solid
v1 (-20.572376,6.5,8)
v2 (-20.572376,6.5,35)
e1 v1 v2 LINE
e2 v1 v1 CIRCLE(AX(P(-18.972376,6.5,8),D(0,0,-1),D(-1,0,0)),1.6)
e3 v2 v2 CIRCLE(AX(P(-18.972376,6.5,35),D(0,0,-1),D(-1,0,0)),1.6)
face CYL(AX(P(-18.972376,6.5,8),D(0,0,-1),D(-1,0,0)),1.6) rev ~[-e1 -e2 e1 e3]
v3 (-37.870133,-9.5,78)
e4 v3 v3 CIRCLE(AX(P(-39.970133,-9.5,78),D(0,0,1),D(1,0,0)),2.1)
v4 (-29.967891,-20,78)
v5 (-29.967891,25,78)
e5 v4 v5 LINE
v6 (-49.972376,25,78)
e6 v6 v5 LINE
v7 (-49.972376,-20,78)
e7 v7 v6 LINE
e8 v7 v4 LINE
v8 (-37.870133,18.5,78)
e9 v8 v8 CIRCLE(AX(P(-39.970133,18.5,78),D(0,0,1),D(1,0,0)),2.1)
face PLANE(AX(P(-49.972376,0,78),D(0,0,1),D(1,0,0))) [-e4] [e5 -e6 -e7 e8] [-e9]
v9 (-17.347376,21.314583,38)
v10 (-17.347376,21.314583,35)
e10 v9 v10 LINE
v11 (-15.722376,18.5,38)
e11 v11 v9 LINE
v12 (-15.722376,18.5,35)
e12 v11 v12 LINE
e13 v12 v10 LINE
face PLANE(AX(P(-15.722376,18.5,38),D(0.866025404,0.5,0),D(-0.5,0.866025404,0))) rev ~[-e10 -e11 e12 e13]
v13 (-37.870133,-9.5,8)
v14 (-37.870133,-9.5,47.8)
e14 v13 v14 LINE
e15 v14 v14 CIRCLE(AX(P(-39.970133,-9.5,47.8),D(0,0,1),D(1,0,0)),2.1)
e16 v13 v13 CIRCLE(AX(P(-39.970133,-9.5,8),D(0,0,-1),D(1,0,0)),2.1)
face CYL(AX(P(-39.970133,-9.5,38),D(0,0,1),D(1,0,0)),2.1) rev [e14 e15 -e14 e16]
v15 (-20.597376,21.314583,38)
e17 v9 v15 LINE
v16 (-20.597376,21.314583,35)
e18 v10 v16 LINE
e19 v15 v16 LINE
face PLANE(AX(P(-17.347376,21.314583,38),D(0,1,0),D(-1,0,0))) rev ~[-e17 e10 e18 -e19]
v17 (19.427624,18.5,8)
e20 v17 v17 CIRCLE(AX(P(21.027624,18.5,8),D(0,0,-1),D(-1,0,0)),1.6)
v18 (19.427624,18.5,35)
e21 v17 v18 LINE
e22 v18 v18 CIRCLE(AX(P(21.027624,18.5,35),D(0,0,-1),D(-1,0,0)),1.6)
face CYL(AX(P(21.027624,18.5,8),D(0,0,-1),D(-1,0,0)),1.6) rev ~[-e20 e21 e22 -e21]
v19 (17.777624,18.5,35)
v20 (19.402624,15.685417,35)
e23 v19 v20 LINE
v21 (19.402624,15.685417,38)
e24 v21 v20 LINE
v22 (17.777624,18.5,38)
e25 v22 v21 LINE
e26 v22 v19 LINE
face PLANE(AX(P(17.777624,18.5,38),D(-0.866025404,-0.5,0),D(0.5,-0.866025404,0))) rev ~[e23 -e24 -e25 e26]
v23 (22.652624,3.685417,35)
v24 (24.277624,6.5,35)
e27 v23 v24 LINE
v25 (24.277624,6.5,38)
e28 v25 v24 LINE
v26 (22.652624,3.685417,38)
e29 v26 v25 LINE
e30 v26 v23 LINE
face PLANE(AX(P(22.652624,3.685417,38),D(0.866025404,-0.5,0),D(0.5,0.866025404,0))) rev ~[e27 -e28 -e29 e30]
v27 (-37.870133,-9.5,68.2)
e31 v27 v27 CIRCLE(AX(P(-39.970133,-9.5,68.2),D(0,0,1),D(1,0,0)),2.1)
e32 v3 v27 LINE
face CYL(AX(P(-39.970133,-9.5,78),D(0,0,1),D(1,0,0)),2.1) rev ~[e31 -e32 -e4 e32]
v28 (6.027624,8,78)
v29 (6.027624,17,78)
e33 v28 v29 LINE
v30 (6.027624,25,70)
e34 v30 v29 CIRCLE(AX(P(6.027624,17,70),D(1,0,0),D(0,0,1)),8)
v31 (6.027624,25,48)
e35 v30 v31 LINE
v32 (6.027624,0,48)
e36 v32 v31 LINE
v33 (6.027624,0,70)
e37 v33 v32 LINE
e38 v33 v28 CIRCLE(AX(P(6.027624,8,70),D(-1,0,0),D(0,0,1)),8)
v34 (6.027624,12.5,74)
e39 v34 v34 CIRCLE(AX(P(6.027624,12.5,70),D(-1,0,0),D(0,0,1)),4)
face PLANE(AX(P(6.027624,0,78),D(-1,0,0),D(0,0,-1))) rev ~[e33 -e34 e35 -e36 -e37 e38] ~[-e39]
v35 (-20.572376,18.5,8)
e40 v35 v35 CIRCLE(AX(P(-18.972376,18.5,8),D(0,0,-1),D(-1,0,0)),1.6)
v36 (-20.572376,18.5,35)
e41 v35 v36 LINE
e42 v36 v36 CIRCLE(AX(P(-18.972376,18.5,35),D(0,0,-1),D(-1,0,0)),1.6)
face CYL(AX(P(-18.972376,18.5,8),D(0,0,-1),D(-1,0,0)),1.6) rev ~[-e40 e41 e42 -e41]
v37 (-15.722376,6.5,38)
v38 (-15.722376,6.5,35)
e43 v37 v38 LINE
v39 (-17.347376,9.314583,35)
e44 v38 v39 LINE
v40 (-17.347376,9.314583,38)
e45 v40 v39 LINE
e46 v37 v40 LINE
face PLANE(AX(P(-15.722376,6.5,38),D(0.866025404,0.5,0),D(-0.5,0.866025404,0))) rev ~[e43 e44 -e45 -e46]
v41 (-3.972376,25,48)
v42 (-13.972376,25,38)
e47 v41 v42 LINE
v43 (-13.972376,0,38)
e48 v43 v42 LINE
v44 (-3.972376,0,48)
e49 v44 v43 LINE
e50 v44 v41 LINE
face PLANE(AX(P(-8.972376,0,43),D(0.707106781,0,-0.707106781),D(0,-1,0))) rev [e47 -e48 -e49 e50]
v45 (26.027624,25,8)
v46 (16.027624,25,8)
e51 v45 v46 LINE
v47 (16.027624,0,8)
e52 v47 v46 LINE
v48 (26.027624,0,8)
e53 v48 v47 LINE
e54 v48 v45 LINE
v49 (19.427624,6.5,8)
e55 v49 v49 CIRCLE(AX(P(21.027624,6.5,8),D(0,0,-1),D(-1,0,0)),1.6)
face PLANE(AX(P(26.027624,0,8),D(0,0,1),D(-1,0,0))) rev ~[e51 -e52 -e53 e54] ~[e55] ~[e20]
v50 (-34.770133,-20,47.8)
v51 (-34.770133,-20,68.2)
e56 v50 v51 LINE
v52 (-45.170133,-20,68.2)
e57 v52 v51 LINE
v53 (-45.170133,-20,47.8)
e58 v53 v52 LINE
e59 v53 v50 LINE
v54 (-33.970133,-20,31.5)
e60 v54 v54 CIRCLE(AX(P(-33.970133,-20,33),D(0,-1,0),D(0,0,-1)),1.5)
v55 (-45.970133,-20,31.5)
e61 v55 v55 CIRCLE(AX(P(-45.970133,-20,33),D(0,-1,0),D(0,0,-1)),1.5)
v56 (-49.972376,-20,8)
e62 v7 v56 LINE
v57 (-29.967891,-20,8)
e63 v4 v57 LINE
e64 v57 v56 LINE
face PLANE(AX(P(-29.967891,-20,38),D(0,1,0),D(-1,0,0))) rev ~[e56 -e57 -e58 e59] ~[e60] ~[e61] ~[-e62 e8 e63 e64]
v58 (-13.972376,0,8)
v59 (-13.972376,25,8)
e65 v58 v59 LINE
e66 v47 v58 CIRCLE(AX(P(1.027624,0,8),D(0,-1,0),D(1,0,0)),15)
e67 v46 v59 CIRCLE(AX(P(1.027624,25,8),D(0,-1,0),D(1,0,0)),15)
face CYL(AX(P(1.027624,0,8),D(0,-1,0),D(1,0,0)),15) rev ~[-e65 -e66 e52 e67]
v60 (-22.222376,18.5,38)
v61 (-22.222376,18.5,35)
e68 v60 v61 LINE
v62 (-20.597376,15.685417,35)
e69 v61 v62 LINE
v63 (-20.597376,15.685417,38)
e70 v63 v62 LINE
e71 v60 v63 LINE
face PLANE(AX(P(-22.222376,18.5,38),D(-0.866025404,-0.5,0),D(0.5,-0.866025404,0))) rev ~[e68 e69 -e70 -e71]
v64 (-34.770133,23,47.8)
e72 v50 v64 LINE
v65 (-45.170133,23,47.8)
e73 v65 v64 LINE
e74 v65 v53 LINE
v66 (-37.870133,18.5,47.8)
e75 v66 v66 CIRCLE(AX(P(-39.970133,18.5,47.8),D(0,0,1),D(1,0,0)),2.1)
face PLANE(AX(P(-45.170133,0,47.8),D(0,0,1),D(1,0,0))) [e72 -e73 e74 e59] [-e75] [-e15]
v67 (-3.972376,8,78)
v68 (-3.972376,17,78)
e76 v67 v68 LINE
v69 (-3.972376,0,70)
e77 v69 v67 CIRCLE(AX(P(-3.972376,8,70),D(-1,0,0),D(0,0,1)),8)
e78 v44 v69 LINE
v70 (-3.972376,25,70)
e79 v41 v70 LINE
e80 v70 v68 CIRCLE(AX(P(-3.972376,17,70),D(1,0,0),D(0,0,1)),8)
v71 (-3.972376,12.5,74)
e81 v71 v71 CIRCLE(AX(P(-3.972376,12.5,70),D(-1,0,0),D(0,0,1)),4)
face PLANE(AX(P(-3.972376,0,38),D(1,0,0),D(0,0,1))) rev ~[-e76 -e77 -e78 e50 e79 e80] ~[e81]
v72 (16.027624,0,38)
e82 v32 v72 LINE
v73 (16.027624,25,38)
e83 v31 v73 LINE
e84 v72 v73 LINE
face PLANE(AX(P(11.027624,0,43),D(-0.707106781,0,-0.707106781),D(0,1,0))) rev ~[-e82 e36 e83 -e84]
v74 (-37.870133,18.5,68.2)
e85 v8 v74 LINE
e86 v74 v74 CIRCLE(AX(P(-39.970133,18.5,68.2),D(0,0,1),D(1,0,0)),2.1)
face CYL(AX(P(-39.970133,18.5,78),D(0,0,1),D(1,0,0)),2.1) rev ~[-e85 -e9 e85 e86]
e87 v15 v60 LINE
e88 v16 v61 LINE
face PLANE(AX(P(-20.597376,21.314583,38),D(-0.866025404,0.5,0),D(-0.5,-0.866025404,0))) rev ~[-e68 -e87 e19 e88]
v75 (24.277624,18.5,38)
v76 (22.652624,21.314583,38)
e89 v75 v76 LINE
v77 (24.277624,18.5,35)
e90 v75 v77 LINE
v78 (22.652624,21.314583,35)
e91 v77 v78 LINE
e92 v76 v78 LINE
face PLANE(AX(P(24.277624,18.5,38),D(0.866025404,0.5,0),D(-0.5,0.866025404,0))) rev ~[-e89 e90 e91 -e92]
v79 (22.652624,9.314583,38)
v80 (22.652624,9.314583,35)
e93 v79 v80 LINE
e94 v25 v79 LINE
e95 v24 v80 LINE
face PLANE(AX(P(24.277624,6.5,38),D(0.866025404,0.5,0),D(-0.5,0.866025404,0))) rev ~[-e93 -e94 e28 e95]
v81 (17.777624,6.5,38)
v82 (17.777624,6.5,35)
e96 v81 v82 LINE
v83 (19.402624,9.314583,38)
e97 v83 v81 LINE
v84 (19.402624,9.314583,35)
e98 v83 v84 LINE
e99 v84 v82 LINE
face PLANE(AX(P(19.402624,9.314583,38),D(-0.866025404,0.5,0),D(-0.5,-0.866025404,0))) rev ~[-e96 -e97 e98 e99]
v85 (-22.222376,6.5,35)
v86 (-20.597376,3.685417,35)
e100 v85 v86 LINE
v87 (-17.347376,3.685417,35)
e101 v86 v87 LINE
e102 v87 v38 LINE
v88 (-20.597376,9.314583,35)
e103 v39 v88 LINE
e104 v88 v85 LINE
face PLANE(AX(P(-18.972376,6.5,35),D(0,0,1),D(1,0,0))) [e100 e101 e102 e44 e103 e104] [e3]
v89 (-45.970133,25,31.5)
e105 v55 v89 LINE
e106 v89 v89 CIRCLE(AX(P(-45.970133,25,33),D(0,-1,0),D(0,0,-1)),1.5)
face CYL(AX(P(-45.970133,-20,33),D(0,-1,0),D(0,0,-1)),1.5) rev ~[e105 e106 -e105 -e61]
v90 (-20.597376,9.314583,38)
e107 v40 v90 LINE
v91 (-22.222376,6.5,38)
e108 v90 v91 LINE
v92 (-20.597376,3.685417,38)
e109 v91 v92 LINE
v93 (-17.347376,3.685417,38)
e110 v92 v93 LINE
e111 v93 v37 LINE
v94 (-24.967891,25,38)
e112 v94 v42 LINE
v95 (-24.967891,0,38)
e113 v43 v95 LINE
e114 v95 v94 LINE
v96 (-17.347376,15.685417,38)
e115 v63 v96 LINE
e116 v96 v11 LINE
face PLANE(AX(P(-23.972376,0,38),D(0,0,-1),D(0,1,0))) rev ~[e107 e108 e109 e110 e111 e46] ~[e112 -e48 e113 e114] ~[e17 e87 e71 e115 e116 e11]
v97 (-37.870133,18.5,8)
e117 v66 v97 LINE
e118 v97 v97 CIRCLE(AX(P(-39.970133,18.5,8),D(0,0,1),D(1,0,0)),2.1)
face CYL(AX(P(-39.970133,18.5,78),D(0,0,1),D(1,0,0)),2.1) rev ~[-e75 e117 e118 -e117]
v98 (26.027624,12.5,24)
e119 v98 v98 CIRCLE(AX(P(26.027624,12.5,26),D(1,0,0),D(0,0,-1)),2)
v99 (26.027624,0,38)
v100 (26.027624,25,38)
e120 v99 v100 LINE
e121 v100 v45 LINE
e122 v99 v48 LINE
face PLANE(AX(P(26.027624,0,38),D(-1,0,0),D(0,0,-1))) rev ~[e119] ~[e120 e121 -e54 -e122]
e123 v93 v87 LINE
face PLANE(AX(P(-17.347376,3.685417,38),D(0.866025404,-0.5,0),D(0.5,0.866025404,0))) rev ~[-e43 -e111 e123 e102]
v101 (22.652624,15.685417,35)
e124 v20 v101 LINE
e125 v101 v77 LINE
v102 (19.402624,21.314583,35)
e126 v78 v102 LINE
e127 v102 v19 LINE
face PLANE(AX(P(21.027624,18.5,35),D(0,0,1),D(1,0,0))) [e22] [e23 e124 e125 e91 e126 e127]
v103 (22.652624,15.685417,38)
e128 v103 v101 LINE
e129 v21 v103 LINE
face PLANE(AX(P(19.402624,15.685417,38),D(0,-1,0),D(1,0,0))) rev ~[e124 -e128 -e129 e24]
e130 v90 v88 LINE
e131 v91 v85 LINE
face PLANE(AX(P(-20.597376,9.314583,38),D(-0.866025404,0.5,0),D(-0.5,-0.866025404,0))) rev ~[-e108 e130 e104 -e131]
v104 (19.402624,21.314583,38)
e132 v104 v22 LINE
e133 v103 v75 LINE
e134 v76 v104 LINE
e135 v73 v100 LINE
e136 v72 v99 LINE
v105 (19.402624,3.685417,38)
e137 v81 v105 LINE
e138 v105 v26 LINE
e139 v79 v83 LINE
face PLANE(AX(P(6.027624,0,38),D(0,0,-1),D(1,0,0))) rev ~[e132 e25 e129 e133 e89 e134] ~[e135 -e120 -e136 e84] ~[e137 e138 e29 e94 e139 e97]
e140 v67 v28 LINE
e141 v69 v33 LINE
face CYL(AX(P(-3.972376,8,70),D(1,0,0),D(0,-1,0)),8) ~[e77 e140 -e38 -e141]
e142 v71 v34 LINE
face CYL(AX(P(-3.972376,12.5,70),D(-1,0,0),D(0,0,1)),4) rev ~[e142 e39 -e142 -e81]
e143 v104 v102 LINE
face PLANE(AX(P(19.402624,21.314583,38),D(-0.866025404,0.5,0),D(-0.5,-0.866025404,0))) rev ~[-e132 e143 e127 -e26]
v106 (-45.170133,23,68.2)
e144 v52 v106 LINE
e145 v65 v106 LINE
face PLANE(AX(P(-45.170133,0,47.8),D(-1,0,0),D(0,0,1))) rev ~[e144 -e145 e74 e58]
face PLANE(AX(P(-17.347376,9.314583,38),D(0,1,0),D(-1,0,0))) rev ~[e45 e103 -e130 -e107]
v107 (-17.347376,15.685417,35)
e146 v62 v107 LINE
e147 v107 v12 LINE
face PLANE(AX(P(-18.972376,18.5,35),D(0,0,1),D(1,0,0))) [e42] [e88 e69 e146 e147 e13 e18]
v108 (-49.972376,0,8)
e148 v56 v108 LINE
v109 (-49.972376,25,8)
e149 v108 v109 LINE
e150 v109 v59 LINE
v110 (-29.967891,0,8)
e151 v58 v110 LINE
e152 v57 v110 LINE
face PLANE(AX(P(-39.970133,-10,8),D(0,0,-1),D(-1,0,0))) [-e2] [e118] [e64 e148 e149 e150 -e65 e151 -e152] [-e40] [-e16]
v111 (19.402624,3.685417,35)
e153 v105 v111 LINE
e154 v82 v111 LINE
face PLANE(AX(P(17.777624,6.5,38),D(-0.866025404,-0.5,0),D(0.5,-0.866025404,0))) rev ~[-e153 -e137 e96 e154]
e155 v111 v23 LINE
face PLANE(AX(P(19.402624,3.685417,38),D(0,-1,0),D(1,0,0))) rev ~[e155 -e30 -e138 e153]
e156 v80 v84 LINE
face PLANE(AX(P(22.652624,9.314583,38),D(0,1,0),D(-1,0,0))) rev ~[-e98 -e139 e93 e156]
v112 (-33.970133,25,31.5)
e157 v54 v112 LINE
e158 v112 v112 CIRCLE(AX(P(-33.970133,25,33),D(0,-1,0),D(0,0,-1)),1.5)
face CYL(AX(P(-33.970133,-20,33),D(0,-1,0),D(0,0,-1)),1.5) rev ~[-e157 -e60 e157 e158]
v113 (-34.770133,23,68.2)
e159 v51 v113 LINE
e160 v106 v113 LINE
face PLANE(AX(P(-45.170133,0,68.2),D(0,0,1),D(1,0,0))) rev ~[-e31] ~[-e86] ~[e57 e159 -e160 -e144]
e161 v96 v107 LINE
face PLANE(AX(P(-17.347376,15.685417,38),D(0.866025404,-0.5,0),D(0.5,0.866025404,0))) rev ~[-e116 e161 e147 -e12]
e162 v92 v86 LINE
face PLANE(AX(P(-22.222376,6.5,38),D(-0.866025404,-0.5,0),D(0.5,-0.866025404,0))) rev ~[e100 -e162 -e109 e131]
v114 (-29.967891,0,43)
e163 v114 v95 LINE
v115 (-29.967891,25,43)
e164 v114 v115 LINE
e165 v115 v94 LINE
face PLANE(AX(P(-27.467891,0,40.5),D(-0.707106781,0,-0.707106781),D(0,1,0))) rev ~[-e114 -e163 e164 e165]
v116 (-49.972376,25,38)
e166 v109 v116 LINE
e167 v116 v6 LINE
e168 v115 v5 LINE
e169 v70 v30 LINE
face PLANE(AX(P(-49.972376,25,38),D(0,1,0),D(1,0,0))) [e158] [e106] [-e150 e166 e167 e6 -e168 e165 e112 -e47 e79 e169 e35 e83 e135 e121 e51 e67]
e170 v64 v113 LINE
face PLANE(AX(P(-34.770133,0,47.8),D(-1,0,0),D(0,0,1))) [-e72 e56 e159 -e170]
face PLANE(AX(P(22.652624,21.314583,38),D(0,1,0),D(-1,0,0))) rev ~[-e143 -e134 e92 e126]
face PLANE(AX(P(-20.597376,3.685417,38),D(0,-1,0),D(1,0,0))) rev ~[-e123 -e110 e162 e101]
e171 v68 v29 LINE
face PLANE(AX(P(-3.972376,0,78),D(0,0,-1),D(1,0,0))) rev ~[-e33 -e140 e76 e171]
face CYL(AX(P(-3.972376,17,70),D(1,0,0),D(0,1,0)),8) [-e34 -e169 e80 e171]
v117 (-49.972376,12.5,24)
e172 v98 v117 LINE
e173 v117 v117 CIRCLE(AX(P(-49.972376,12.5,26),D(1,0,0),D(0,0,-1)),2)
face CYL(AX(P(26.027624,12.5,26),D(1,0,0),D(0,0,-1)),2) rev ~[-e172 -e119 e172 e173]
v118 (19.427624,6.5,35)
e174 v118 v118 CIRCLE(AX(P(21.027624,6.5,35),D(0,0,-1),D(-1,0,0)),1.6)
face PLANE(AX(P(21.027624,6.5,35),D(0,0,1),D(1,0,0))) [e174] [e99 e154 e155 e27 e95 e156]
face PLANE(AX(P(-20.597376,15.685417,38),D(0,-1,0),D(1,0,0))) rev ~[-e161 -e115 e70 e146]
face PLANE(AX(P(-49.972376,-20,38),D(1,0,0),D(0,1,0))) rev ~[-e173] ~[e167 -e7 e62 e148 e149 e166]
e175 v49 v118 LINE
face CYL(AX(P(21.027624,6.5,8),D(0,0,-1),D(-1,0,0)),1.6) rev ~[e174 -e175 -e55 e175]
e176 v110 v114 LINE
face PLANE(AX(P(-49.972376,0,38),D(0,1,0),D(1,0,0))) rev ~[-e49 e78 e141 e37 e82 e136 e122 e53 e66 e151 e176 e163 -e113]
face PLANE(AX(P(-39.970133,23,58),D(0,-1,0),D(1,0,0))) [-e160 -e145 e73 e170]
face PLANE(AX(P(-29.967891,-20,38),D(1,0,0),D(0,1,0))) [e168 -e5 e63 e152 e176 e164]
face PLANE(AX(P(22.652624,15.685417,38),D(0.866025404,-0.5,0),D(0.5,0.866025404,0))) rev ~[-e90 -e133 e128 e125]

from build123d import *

# Parameters (mm, degrees)
BOSS_EXTRUDE1_DEPTH = 25
SKETCH2_R           = 4
CUT_EXTRUDE1_DEPTH  = 88.229582138
SKETCH3_R           = 1.6
CUT_EXTRUDE2_DEPTH  = 79.755553628
CUT_EXTRUDE3_DEPTH  = 3
FILLET2_R           = 8
CHAMFER2_SIZE       = 10
SKETCH5_W           = 30
SKETCH5_H           = 25
BOSS_EXTRUDE2_DEPTH = 26
SKETCH6_W           = 20.004484435
SKETCH6_H           = 25
BOSS_EXTRUDE3_DEPTH = 40
SKETCH7_W           = 10.4
SKETCH7_H           = 20.4
CUT_EXTRUDE4_DEPTH  = 23
SKETCH9_W           = 20.004484435
SKETCH9_H           = 40
SKETCH9_W_2         = 10.4
SKETCH9_H_2         = 20.4
BOSS_EXTRUDE4_DEPTH = 20
SKETCH10_R          = 2.1
CUT_EXTRUDE6_DEPTH  = 90.566948883
CHAMFER5_SIZE       = 5
SKETCH11_R          = 2
CUT_EXTRUDE7_DEPTH  = 112.736296699
SKETCH12_W          = 20.004484435
SKETCH12_H          = 20
SKETCH12_R          = 2.1
BOSS_EXTRUDE5_DEPTH = 30
SKETCH13_R          = 1.5
CUT_EXTRUDE8_DEPTH  = 103.986592973


with BuildPart() as part:
    # Sketch1 → Boss-Extrude1 (new body)
    with BuildSketch(Plane(origin=(0, 0, 0), x_dir=(1, 0, 0), z_dir=(0, 1, 0))):
        with BuildLine():
            Line((-13.972375691, -8), (-23.972375691, -8))
            Line((-23.972375691, -8), (-23.972375691, -38))
            Line((-23.972375691, -38), (-3.972375691, -38))
            Line((-3.972375691, -38), (-3.972375691, -78))
            Line((-3.972375691, -78), (6.027624309, -78))
            Line((6.027624309, -78), (6.027624309, -38))
            Line((6.027624309, -38), (26.027624309, -38))
            Line((26.027624309, -38), (26.027624309, -8))
            Line((26.027624309, -8), (16.027624309, -8))
            ThreePointArc((16.027624309, -8), (1.027624309, -23), (-13.972375691, -8))
        make_face()
    extrude(amount=BOSS_EXTRUDE1_DEPTH)

    # Sketch2 → Cut-Extrude1 (cut, through all)
    with BuildSketch(Plane.ZY.offset(3.972375691)):
        with Locations((70, 12.5)):
            Circle(SKETCH2_R)
    extrude(amount=-CUT_EXTRUDE1_DEPTH, mode=Mode.SUBTRACT)

    # Sketch3 → Cut-Extrude2 (cut, through all)
    with BuildSketch(Plane(origin=(0, 0, 8), x_dir=(-1, 0, 0), z_dir=(0, 0, -1))):
        with Locations((-21.027624309, 6.5)):
            Circle(SKETCH3_R)
        with Locations((-21.027624309, 18.5)):
            Circle(SKETCH3_R)
        with Locations((18.972375691, 6.5)):
            Circle(SKETCH3_R)
        with Locations((18.972375691, 18.5)):
            Circle(SKETCH3_R)
    extrude(amount=-CUT_EXTRUDE2_DEPTH, mode=Mode.SUBTRACT)

    # Sketch4 → Cut-Extrude3 (cut)
    with BuildSketch(Plane.XY.offset(38)):
        Polygon((24.277624309, 18.5), (22.652624309, 21.314582562), (19.402624309, 21.314582562), (17.777624309, 18.5), (19.402624309, 15.685417438), (22.652624309, 15.685417438), align=None)
        Polygon((24.277624309, 6.5), (22.652624309, 9.314582562), (19.402624309, 9.314582562), (17.777624309, 6.5), (19.402624309, 3.685417438), (22.652624309, 3.685417438), align=None)
        Polygon((-15.722375691, 18.5), (-17.347375691, 21.314582562), (-20.597375691, 21.314582562), (-22.222375691, 18.5), (-20.597375691, 15.685417438), (-17.347375691, 15.685417438), align=None)
        Polygon((-15.722375691, 6.5), (-17.347375691, 9.314582562), (-20.597375691, 9.314582562), (-22.222375691, 6.5), (-20.597375691, 3.685417438), (-17.347375691, 3.685417438), align=None)
    extrude(amount=-CUT_EXTRUDE3_DEPTH, mode=Mode.SUBTRACT)

    # Fillet2
    fillet2_edges = [part.edges().sort_by_distance(p)[0] for p in [
        (1.027624309, 0, 78),
        (1.027624309, 25, 78),
    ]]
    fillet(fillet2_edges, radius=FILLET2_R)

    # Chamfer2
    chamfer2_edges = [part.edges().sort_by_distance(p)[0] for p in [
        (6.027624309, 12.5, 38),
        (-3.972375691, 12.5, 38),
    ]]
    chamfer(chamfer2_edges, length=CHAMFER2_SIZE)

    # Sketch5 → Boss-Extrude2 (add)
    with BuildSketch(Plane.ZY.offset(23.972375691)):
        with Locations((23, 12.5)):
            Rectangle(SKETCH5_W, SKETCH5_H)
    extrude(amount=BOSS_EXTRUDE2_DEPTH)

    # Sketch6 → Boss-Extrude3 (add)
    with BuildSketch(Plane.XY.offset(38)):
        with Locations((-39.970133473, 12.5)):
            Rectangle(SKETCH6_W, SKETCH6_H)
    extrude(amount=BOSS_EXTRUDE3_DEPTH)

    # Sketch7 → Cut-Extrude4 (cut)
    with BuildSketch(Plane.XZ):
        with Locations((-39.970133474, 58)):
            Rectangle(SKETCH7_W, SKETCH7_H)
    extrude(amount=-CUT_EXTRUDE4_DEPTH, mode=Mode.SUBTRACT)

    # Sketch9 → Boss-Extrude4 (add)
    with BuildSketch(Plane.XZ):
        with Locations((-39.970133473, 58)):
            Rectangle(SKETCH9_W, SKETCH9_H)
        with Locations((-39.970133474, 58)):
            Rectangle(SKETCH9_W_2, SKETCH9_H_2, mode=Mode.SUBTRACT)
    extrude(amount=BOSS_EXTRUDE4_DEPTH)

    # Sketch10 → Cut-Extrude6 (cut, through all)
    with BuildSketch(Plane.XY.offset(78)):
        with Locations((-39.970133474, -9.5)):
            Circle(SKETCH10_R)
        with Locations((-39.970133474, 18.5)):
            Circle(SKETCH10_R)
    extrude(amount=-CUT_EXTRUDE6_DEPTH, mode=Mode.SUBTRACT)

    # Chamfer5
    chamfer5_edges = [part.edges().sort_by_distance(p)[0] for p in [
        (-29.967891256, 12.5, 38),
    ]]
    chamfer(chamfer5_edges, length=CHAMFER5_SIZE)

    # Sketch11 → Cut-Extrude7 (cut, through all)
    with BuildSketch(Plane(origin=(26.027624309, 0, 0), x_dir=(0, 0, -1), z_dir=(1, 0, 0))):
        with Locations((-26, 12.5)):
            Circle(SKETCH11_R)
    extrude(amount=-CUT_EXTRUDE7_DEPTH, mode=Mode.SUBTRACT)

    # Sketch12 → Boss-Extrude5 (add)
    with BuildSketch(Plane(origin=(0, 0, 38), x_dir=(-1, 0, 0), z_dir=(0, 0, -1))):
        with Locations((39.970133473, -10)):
            Rectangle(SKETCH12_W, SKETCH12_H)
        with Locations(Location((39.970133474, -9.5, 0), (0, 0, 180))):
            Circle(SKETCH12_R, mode=Mode.SUBTRACT)
    extrude(amount=BOSS_EXTRUDE5_DEPTH)

    # Sketch13 → Cut-Extrude8 (cut, through all)
    with BuildSketch(Plane.XZ.offset(20)):
        with Locations(Location((-33.970133474, 33, 0), (0, 0, 270))):
            Circle(SKETCH13_R)
        with Locations(Location((-45.970133474, 33, 0), (0, 0, 270))):
            Circle(SKETCH13_R)
    extrude(amount=-CUT_EXTRUDE8_DEPTH, mode=Mode.SUBTRACT)


solid = part.part
